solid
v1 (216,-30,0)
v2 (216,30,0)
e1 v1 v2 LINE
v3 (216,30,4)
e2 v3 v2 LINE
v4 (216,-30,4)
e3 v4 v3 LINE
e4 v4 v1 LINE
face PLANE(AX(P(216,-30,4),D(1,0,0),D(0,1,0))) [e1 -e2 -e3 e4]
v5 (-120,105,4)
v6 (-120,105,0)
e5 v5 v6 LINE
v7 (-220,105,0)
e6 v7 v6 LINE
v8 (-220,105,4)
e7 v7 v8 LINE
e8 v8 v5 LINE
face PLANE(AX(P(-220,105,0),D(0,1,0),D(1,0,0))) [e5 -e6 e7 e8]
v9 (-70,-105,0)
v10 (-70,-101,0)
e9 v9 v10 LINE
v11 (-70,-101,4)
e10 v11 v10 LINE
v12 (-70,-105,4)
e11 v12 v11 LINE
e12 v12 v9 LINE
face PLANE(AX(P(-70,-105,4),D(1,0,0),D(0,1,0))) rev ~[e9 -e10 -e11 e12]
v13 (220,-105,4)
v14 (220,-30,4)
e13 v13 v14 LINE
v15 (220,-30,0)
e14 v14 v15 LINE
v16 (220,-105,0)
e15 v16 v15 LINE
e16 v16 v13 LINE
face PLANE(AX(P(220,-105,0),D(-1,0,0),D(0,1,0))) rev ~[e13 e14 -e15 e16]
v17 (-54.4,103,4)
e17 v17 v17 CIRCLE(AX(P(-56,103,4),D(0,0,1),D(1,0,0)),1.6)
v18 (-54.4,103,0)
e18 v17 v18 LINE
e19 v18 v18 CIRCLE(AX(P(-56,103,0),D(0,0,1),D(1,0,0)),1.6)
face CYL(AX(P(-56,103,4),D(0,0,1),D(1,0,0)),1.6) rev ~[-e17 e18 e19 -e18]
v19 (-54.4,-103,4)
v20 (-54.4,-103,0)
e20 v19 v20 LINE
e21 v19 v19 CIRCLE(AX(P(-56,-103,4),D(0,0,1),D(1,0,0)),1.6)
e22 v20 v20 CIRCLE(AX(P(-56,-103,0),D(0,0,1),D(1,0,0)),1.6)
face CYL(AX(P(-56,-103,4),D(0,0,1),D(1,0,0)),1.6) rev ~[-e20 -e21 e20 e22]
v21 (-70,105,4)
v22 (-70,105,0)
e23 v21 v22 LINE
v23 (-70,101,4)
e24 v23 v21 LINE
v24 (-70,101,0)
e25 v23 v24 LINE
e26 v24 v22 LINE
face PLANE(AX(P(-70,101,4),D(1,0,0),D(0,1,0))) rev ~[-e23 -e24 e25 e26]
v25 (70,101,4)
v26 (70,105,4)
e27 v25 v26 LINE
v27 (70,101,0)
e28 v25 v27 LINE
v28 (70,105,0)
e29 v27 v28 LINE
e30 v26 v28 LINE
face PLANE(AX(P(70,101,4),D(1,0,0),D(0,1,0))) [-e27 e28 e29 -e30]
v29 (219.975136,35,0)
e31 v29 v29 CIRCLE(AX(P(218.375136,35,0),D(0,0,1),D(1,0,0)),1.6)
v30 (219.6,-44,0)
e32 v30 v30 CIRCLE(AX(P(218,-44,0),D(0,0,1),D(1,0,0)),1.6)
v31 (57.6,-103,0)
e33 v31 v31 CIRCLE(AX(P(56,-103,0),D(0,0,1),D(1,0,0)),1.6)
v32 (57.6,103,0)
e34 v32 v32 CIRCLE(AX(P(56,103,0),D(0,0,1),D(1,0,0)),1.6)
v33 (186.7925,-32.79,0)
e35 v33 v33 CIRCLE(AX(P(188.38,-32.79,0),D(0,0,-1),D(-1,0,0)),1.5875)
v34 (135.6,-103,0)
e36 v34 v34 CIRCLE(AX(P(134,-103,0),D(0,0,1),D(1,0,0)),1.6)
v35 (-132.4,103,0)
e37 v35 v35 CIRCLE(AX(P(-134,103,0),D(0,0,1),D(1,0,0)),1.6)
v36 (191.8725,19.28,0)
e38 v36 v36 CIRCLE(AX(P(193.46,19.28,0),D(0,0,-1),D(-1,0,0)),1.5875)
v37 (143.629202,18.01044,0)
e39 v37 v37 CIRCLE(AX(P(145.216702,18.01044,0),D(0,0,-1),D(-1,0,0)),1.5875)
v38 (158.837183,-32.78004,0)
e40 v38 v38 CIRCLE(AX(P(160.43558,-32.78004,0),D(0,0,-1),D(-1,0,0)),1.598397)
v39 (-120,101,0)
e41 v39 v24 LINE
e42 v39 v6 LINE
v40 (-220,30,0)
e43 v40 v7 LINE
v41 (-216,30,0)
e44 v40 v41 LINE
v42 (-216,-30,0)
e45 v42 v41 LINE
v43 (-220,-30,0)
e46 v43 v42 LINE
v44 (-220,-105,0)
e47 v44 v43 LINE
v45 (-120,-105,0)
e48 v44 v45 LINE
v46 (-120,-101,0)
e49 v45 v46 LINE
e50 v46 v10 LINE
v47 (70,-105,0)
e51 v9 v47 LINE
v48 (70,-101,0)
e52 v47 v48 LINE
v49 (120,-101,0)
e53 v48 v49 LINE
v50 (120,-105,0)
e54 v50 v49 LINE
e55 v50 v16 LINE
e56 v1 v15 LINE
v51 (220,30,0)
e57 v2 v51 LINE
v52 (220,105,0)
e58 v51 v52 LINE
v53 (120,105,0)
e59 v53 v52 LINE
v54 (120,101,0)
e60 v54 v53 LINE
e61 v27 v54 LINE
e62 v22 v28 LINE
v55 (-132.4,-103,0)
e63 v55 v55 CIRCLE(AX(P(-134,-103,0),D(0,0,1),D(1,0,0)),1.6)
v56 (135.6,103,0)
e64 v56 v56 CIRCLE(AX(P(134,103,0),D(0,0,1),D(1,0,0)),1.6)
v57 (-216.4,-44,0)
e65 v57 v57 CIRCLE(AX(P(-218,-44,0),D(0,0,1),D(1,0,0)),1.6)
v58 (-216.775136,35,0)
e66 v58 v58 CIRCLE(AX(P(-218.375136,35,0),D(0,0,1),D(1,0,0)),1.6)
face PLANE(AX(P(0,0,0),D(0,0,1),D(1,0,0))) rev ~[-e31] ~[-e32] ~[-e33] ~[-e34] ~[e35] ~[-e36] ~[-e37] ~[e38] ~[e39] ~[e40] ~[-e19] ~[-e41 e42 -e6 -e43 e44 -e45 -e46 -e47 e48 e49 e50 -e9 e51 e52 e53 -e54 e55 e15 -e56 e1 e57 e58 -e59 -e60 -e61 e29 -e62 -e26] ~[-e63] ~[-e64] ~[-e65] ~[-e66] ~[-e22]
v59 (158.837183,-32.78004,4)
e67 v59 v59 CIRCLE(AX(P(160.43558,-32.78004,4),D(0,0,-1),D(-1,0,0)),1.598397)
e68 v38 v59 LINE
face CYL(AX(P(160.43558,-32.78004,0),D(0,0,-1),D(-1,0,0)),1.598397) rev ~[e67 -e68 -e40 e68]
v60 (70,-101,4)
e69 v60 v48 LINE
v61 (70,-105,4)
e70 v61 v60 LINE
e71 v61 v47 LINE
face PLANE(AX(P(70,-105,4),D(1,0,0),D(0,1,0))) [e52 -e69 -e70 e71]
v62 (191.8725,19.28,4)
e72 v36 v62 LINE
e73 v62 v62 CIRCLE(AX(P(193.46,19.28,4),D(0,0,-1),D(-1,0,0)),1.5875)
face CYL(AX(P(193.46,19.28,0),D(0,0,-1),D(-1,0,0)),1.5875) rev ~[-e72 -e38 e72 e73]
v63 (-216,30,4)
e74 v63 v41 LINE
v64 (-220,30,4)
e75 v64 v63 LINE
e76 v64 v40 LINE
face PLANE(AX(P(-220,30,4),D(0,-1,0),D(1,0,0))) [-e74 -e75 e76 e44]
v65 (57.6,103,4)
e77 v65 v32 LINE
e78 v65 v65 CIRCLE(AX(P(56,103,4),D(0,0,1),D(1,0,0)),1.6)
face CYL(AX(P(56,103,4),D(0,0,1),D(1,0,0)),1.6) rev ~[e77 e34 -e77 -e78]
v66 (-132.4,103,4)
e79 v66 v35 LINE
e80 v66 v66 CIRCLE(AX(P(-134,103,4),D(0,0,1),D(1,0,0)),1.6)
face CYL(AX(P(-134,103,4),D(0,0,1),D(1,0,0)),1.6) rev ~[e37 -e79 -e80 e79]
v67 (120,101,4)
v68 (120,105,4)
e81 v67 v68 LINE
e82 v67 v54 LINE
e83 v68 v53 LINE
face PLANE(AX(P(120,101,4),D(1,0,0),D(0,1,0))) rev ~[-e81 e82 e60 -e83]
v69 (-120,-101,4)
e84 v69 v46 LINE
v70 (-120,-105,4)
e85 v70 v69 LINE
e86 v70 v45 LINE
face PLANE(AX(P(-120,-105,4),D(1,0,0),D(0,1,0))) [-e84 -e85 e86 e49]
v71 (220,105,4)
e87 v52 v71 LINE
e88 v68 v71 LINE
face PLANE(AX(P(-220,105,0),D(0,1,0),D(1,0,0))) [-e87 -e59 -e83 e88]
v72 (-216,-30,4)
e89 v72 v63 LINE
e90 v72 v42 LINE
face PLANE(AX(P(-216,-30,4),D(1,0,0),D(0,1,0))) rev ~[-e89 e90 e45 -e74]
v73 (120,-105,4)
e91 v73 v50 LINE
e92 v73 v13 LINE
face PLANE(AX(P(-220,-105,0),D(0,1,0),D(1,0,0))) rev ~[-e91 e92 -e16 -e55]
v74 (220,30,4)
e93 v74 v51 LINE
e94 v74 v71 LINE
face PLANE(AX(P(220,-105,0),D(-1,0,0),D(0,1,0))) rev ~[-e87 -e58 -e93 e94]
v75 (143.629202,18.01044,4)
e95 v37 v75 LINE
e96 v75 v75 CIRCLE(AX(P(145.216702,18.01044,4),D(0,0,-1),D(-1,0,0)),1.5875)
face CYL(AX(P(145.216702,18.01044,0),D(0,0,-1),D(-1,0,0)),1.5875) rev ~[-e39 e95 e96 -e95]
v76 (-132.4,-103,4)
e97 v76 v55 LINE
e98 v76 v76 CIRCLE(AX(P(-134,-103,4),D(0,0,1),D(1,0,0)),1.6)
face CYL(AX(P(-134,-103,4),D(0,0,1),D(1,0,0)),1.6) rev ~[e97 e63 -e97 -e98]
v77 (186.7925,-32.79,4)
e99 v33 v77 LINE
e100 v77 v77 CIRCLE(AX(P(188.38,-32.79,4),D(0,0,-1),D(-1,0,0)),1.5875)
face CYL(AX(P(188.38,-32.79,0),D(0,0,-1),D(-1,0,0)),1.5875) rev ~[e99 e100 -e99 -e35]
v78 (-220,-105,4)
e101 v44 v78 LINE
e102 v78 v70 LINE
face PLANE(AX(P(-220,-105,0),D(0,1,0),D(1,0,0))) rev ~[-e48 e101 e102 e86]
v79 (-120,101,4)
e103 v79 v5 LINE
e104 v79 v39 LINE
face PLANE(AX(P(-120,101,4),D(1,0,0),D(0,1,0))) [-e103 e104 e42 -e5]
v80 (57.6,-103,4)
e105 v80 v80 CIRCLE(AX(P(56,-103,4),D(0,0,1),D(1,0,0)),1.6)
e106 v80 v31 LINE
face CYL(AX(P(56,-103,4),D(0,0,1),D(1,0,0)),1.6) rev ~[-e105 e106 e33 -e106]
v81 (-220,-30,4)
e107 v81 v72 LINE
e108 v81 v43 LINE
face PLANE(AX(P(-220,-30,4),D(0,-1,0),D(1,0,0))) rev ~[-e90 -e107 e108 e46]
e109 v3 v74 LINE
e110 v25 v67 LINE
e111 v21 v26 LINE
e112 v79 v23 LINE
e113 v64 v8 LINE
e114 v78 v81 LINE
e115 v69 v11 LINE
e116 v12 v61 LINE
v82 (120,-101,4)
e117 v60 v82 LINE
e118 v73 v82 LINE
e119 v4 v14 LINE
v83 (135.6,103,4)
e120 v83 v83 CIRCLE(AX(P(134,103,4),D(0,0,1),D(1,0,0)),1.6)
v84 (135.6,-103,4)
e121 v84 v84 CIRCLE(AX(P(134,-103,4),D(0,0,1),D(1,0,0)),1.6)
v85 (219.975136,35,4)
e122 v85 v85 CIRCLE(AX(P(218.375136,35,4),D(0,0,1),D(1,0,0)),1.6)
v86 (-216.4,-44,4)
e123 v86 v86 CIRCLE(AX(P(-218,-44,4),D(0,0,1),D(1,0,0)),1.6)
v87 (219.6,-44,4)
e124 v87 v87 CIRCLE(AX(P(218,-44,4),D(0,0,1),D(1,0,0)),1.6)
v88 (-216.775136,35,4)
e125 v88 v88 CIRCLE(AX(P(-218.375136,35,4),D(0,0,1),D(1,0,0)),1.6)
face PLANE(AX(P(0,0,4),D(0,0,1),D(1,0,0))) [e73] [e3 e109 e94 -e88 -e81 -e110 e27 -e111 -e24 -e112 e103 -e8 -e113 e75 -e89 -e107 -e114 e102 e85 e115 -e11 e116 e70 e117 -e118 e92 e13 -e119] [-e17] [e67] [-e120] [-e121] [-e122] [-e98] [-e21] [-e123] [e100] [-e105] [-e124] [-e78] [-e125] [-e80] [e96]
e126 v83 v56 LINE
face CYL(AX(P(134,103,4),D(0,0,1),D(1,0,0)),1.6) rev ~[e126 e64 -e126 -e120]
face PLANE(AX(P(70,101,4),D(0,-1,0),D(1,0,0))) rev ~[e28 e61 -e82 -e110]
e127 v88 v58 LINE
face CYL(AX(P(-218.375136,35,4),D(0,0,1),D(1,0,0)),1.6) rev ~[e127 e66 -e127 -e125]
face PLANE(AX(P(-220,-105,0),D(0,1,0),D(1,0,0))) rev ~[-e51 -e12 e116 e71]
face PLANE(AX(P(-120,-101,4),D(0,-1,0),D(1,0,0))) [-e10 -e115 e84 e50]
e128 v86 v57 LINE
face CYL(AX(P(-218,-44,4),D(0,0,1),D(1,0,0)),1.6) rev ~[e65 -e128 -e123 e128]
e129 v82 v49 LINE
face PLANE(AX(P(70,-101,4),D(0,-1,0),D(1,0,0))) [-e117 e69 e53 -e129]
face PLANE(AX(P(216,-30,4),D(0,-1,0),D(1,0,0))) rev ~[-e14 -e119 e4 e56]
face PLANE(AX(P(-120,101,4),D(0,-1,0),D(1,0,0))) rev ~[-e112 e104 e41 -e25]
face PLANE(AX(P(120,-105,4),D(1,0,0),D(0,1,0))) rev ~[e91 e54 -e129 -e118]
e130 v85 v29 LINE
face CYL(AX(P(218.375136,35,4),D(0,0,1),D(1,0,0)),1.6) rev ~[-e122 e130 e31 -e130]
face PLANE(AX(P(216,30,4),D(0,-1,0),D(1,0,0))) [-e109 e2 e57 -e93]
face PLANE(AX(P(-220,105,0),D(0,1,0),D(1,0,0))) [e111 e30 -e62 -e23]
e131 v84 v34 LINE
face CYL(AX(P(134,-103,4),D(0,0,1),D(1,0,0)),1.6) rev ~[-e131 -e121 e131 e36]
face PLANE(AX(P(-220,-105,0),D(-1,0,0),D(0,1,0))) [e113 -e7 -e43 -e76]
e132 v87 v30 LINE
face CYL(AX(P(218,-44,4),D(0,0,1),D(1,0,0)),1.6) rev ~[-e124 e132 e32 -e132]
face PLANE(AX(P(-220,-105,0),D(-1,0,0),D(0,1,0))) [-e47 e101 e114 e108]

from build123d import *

# Parameters (mm, degrees)
ESQUISSE1_W             = 440
ESQUISSE1_H             = 210
BOSS_EXTRU_1_DEPTH      = 4
ESQUISSE2_W             = 50
ESQUISSE2_H             = 4
ESQUISSE2_W_2           = 4
ESQUISSE2_H_2           = 60
ENL_V_MAT_EXTRU_1_DEPTH = 4
ESQUISSE4_R             = 1.6
ENL_V_MAT_EXTRU_2_DEPTH = 10
ESQUISSE5_R             = 1.5875
ESQUISSE5_R_2           = 1.598396888
ENL_V_MAT_EXTRU_3_DEPTH = 4


with BuildPart() as part:
    # Esquisse1 → Boss.-Extru.1 (new body)
    with BuildSketch(Plane.XY):
        Rectangle(ESQUISSE1_W, ESQUISSE1_H)
    extrude(amount=BOSS_EXTRU_1_DEPTH)

    # Esquisse2 → Enlèv. mat.-Extru.1 (cut)
    with BuildSketch(Plane.XY.offset(4)):
        with Locations((-95, 103)):
            Rectangle(ESQUISSE2_W, ESQUISSE2_H)
        with Locations((95, 103)):
            Rectangle(ESQUISSE2_W, ESQUISSE2_H)
        with Locations((218, 0)):
            Rectangle(ESQUISSE2_W_2, ESQUISSE2_H_2)
        with Locations((-218, 0)):
            Rectangle(ESQUISSE2_W_2, ESQUISSE2_H_2)
        with Locations((95, -103)):
            Rectangle(ESQUISSE2_W, ESQUISSE2_H)
        with Locations((-95, -103)):
            Rectangle(ESQUISSE2_W, ESQUISSE2_H)
    extrude(amount=-ENL_V_MAT_EXTRU_1_DEPTH, mode=Mode.SUBTRACT)

    # Esquisse4 → Enlèv. mat.-Extru.2 (cut)
    with BuildSketch(Plane.XY.offset(4)):
        with Locations((218, -44)):
            Circle(ESQUISSE4_R)
        with Locations((218.375135888, 35)):
            Circle(ESQUISSE4_R)
        with Locations((-56, 103)):
            Circle(ESQUISSE4_R)
        with Locations((-134, 103)):
            Circle(ESQUISSE4_R)
        with Locations((-218.375135888, 35)):
            Circle(ESQUISSE4_R)
        with Locations((-56, -103)):
            Circle(ESQUISSE4_R)
        with Locations((-134, -103)):
            Circle(ESQUISSE4_R)
        with Locations((134, 103)):
            Circle(ESQUISSE4_R)
        with Locations((56, 103)):
            Circle(ESQUISSE4_R)
        with Locations((-218, -44)):
            Circle(ESQUISSE4_R)
        with Locations((56, -103)):
            Circle(ESQUISSE4_R)
        with Locations((134, -103)):
            Circle(ESQUISSE4_R)
    extrude(amount=-ENL_V_MAT_EXTRU_2_DEPTH, mode=Mode.SUBTRACT)

    # Esquisse5 → Enlèv. mat.-Extru.3 (cut)
    with BuildSketch(Plane(origin=(0, 0, 0), x_dir=(-1, 0, 0), z_dir=(0, 0, -1))):
        with Locations((-145.216701852, 18.010439522)):
            Circle(ESQUISSE5_R)
        with Locations((-160.435580246, -32.780039682)):
            Circle(ESQUISSE5_R_2)
        with Locations((-188.38, -32.79)):
            Circle(ESQUISSE5_R)
        with Locations((-193.46, 19.28)):
            Circle(ESQUISSE5_R)
    extrude(amount=-ENL_V_MAT_EXTRU_3_DEPTH, mode=Mode.SUBTRACT)


solid = part.part
